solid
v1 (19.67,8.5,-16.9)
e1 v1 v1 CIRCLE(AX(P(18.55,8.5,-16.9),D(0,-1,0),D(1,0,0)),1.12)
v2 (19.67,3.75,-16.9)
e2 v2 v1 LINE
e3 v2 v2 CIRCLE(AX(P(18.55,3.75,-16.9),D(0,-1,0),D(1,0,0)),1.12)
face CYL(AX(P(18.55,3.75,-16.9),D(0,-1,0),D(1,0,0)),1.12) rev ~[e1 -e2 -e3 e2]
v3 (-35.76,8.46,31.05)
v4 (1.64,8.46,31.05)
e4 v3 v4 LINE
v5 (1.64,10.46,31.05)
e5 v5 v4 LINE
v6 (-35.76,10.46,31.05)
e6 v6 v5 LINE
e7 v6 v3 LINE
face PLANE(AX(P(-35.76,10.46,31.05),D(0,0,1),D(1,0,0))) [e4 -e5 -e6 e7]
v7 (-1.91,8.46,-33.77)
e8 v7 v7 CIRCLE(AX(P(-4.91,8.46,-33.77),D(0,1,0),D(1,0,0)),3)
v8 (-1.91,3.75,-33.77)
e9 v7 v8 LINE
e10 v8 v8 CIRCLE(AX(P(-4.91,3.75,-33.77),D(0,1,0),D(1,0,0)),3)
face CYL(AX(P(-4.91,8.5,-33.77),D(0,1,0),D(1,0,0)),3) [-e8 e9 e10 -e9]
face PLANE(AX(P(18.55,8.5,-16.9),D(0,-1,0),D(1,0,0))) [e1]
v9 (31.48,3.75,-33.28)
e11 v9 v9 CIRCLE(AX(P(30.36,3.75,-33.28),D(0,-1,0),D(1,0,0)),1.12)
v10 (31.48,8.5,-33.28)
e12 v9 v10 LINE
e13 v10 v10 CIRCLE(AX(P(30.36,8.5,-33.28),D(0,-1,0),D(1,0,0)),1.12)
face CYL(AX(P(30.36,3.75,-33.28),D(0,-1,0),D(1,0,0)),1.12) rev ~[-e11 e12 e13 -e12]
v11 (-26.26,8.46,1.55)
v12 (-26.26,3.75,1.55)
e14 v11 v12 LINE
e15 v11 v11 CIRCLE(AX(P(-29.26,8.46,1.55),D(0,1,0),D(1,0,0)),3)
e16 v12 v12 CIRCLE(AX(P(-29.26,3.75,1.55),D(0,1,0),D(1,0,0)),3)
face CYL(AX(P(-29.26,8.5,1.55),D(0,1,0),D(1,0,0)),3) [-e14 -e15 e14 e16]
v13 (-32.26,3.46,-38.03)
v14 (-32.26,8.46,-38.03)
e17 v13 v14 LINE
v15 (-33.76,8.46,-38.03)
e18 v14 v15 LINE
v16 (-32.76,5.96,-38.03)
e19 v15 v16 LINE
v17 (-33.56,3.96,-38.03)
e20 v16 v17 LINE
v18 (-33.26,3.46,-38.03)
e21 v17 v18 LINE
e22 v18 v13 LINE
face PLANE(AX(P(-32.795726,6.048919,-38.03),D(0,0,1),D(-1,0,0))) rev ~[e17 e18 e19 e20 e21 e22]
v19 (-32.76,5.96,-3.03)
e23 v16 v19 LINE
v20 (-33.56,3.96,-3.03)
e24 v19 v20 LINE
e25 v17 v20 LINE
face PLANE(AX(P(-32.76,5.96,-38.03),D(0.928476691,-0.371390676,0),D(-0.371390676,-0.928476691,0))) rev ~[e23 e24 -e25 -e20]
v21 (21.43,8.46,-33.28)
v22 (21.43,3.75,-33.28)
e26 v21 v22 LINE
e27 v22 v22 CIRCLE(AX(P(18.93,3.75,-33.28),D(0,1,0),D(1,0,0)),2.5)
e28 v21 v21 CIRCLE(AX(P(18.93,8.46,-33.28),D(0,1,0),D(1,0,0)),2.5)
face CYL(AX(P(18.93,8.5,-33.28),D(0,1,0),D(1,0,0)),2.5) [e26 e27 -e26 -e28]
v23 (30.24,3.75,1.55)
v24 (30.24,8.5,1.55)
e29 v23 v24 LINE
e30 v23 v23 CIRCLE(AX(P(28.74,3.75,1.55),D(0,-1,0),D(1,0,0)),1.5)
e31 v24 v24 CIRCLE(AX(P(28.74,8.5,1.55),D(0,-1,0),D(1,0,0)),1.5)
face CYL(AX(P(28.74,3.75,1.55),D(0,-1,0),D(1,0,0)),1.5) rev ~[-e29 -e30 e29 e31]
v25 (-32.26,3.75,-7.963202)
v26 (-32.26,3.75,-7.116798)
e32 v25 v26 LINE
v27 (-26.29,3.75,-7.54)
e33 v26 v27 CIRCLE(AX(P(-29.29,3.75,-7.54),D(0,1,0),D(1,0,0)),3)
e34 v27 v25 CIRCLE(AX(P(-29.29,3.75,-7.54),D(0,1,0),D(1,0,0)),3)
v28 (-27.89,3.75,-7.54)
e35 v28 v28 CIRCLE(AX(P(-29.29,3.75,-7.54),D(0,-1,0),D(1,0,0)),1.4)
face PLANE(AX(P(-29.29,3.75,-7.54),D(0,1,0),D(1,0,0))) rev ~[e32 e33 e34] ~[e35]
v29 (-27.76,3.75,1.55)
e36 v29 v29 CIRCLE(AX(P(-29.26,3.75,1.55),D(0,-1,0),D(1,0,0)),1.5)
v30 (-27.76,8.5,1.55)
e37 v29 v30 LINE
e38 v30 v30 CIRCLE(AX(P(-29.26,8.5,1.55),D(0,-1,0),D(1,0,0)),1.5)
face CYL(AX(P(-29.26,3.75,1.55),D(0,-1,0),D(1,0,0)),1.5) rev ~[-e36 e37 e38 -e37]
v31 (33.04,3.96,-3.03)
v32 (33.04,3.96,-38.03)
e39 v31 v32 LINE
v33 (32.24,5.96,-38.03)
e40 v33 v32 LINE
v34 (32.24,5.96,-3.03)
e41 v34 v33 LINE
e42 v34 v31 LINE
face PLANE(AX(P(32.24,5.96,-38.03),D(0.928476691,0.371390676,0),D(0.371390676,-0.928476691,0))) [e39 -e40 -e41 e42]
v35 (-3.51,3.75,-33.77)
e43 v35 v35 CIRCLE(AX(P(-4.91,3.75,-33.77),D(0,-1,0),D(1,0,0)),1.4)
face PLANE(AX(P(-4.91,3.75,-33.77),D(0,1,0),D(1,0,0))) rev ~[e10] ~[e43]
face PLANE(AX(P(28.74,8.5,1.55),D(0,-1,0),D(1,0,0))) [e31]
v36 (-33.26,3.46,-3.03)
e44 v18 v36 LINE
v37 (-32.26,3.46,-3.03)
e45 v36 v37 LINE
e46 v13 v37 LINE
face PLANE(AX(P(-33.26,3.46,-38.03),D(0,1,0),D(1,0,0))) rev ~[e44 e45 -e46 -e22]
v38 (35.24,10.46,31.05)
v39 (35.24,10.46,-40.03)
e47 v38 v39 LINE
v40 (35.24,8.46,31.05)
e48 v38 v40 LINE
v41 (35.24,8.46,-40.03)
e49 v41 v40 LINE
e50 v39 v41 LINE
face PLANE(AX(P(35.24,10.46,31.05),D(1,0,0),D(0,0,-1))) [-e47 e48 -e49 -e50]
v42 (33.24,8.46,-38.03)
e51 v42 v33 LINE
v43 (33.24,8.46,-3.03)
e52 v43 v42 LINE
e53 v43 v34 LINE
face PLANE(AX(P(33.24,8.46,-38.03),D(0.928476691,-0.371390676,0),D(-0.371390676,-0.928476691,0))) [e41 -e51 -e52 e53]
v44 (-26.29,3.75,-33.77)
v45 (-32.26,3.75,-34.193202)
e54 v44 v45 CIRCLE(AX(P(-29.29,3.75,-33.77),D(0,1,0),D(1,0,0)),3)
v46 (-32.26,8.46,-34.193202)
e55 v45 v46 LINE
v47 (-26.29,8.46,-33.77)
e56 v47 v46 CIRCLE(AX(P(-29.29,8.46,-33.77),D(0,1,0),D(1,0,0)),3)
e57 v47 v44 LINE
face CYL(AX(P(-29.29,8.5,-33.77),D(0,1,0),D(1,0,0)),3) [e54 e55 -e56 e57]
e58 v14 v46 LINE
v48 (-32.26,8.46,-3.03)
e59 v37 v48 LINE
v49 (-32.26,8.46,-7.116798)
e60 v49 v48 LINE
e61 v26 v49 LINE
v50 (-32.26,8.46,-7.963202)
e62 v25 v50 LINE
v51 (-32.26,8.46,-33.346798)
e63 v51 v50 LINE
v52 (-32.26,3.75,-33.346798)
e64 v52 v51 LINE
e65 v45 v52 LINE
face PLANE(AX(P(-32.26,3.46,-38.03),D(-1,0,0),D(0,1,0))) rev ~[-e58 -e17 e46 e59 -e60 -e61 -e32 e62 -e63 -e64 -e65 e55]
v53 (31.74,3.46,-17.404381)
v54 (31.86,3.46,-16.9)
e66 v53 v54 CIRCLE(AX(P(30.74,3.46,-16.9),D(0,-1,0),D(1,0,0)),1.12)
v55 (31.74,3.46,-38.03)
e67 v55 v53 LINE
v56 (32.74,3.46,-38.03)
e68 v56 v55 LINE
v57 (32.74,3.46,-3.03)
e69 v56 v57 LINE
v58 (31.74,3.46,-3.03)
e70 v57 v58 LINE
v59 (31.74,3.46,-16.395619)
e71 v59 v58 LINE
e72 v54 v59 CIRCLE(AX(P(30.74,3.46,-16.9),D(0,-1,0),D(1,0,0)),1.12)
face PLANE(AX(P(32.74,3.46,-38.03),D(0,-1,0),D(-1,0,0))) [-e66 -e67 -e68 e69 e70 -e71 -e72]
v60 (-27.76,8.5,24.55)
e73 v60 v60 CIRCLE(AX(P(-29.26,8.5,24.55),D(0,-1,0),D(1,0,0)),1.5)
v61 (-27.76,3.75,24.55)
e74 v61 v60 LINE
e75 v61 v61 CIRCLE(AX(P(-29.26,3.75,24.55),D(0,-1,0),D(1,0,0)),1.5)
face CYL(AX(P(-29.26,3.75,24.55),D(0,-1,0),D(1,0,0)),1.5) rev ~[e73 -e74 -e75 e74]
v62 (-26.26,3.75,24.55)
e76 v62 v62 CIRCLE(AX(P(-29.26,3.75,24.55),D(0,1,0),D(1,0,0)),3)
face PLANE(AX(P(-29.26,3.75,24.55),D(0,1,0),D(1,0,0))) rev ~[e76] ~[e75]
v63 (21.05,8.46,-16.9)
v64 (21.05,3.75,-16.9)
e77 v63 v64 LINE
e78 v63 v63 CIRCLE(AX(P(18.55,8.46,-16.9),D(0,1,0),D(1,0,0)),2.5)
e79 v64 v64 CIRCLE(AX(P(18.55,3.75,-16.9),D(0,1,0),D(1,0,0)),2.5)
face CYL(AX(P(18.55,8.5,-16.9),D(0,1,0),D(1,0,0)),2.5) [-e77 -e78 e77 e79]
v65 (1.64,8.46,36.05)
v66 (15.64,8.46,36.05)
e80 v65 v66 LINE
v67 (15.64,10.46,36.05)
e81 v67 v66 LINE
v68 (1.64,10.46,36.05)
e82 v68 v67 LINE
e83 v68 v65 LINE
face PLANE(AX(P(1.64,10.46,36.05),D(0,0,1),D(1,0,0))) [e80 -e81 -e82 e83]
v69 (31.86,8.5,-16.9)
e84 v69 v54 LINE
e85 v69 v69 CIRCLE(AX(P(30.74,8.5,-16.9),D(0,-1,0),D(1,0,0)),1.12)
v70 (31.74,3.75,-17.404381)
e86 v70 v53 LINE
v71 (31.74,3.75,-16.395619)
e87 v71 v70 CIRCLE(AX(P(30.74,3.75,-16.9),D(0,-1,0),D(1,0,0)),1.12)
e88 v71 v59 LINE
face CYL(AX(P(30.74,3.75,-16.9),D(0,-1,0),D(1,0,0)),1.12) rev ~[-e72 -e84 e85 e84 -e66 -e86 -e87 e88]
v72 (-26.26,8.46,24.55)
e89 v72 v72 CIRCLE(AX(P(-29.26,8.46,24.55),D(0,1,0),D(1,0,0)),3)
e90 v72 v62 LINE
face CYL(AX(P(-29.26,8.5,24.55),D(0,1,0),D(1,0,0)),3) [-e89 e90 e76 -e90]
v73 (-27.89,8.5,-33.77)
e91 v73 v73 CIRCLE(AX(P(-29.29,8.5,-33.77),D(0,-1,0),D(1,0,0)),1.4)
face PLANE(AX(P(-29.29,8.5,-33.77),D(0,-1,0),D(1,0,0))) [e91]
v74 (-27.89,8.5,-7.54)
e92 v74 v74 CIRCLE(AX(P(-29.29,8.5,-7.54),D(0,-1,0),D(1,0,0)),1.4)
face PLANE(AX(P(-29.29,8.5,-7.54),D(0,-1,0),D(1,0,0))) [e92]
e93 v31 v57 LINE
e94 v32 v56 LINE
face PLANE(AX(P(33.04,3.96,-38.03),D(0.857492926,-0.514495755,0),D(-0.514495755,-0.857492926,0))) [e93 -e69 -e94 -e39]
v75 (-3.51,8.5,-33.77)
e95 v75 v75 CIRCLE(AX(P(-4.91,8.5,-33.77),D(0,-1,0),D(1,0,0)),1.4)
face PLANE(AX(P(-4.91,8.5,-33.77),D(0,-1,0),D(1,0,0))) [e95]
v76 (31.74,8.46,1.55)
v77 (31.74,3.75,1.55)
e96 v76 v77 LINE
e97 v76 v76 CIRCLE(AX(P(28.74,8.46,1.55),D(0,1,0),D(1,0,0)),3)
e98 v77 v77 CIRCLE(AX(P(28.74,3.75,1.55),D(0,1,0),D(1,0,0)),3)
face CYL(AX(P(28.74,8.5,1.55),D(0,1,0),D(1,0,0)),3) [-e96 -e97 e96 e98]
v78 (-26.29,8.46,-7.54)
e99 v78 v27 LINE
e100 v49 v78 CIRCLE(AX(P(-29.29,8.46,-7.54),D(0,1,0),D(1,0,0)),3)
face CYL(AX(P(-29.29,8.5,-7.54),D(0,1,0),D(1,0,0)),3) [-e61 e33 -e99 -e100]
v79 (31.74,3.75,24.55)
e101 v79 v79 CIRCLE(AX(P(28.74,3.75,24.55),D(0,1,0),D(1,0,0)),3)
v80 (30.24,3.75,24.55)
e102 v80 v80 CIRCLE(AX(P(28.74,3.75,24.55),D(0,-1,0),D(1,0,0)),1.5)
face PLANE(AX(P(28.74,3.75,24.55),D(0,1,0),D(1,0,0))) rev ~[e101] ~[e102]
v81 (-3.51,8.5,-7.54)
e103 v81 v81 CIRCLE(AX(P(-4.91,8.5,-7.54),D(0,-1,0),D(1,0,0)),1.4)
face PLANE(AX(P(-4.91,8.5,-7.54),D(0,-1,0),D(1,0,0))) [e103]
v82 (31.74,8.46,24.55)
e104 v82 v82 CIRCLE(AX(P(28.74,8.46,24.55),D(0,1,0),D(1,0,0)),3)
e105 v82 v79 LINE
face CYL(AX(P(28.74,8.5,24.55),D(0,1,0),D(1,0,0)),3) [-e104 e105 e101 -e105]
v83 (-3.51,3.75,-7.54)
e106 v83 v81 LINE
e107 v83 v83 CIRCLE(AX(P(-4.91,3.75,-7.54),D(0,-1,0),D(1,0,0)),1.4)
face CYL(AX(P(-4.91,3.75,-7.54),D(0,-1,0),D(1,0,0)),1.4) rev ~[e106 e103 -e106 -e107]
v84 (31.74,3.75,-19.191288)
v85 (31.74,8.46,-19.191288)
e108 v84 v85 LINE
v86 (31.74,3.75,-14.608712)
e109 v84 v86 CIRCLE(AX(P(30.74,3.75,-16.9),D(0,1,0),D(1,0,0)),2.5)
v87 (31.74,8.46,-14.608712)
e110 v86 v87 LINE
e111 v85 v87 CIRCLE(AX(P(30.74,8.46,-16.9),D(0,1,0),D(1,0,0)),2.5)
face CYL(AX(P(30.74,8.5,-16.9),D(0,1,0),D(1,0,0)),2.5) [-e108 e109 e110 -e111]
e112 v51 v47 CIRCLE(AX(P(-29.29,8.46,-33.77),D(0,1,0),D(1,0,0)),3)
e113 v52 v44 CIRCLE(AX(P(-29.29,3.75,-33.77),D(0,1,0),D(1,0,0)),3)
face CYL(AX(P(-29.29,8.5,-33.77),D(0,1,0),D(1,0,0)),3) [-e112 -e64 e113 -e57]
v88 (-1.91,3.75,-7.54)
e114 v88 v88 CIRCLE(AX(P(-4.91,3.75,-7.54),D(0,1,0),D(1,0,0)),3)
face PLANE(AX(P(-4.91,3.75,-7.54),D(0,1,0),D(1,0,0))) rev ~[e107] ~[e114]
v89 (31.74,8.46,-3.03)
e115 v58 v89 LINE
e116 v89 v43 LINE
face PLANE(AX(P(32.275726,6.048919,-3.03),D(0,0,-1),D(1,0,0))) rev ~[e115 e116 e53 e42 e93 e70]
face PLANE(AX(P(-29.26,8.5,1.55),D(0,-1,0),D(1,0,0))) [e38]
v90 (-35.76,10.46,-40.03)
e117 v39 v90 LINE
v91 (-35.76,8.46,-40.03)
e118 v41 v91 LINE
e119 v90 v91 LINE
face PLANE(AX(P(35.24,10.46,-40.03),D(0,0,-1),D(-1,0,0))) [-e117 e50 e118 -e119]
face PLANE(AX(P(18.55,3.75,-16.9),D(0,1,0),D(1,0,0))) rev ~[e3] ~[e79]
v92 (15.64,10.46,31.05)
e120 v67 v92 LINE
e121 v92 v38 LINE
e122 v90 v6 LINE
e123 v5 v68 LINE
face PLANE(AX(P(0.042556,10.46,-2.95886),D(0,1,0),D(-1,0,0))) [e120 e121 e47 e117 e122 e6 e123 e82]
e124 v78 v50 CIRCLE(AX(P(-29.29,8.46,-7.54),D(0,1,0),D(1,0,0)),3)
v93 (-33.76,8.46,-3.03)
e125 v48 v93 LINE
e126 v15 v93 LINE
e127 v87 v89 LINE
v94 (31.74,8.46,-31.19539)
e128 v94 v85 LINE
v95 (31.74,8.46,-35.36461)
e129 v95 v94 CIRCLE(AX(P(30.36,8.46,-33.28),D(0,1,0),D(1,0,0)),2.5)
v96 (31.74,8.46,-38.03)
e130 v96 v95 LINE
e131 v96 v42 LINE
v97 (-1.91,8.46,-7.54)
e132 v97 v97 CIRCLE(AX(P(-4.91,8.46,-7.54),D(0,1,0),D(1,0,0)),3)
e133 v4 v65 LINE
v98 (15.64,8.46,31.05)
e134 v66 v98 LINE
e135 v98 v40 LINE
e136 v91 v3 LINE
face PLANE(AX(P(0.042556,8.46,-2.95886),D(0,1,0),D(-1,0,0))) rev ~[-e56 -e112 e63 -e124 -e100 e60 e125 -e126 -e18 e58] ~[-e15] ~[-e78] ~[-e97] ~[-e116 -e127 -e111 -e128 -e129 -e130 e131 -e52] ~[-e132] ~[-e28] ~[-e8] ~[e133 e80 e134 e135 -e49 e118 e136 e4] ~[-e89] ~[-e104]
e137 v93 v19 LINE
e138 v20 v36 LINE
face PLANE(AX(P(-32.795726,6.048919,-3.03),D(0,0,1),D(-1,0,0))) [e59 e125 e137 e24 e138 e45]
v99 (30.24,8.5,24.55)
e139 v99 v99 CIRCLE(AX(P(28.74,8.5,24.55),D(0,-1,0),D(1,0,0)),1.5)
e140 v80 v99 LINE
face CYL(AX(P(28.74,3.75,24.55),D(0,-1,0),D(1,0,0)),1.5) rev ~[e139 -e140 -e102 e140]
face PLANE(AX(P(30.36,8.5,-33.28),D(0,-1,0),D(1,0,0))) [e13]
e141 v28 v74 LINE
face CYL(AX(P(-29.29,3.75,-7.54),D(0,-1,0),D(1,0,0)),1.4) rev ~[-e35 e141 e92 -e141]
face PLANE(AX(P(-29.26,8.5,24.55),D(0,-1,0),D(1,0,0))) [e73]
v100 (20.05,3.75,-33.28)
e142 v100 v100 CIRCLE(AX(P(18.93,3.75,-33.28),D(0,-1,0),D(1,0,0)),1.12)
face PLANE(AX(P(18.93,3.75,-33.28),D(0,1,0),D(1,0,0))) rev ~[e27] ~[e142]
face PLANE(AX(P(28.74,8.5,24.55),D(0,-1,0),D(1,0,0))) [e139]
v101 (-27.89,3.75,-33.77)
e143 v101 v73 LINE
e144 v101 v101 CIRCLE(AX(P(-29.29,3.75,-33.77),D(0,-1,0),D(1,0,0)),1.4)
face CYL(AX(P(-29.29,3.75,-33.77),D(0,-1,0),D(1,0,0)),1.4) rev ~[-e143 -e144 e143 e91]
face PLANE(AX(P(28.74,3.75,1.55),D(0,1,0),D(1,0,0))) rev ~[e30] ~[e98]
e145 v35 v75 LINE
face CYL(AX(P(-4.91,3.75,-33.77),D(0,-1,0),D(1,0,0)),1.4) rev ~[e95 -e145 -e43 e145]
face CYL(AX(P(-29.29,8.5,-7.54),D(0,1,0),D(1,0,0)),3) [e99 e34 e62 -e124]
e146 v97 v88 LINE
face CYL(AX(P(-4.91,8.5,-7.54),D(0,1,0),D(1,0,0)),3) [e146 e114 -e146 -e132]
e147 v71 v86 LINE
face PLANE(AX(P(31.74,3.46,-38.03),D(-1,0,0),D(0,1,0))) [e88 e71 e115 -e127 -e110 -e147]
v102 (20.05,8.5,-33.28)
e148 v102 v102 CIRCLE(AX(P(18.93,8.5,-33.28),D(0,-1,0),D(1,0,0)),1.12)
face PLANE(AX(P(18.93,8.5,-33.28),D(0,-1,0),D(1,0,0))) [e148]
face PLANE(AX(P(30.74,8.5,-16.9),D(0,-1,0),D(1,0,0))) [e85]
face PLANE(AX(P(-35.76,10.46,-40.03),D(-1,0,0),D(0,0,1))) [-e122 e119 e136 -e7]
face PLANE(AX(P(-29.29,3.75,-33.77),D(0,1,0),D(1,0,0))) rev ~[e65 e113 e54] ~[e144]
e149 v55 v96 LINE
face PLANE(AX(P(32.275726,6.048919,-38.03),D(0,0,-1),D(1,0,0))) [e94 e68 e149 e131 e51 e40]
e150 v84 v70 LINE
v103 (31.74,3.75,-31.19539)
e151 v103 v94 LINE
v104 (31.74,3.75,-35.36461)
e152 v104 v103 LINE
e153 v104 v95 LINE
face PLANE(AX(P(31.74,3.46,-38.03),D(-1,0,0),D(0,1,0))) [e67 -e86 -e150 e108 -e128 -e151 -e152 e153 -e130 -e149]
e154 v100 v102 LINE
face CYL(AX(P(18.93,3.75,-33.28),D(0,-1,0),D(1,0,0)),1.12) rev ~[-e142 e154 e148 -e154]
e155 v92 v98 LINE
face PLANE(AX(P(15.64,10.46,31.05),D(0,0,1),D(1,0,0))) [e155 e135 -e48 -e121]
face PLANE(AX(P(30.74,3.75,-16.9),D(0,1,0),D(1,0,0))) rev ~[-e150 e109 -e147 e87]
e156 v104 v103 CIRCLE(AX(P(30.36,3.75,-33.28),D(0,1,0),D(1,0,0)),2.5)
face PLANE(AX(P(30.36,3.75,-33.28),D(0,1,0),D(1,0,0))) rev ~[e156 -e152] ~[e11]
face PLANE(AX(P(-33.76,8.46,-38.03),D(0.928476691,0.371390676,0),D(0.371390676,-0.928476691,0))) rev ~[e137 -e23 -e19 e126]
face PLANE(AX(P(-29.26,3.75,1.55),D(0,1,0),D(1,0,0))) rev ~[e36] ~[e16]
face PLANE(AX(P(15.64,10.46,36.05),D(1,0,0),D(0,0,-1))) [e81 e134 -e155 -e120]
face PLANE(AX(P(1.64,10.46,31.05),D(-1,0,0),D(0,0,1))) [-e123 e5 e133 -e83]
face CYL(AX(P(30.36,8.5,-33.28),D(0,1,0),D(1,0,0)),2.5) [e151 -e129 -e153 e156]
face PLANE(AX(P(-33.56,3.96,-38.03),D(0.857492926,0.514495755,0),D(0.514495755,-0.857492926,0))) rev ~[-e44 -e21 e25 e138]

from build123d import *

# Parameters (mm, degrees)
PAD003_DEPTH    = 2
SKETCH009_R     = 3
SKETCH009_R_2   = 2.5
PAD004_DEPTH    = 4.75
SKETCH010_R     = 1.5
SKETCH010_R_2   = 1.4
SKETCH010_R_3   = 1.12
POCKET001_DEPTH = 4.75
PAD006_DEPTH    = 35
SKETCH017_R     = 1.12
POCKET007_DEPTH = 4.75
POCKET008_DEPTH = 35


with BuildPart() as part:
    # Sketch007 (on Origin) → Pad003 (new body)
    with BuildSketch(Plane.XZ.offset(-10.46)):
        Polygon((-35.76, 31.05), (1.64, 31.05), (1.64, 36.05), (15.64, 36.05), (15.64, 31.05), (35.24, 31.05), (35.24, -40.03), (-35.76, -40.03), align=None)
    extrude(amount=PAD003_DEPTH)

    # Sketch009 → Pad004 (join)
    with BuildSketch(Plane(origin=(0, 8.5, 0), x_dir=(1, 0, 0), z_dir=(0, 1, 0))):
        with Locations((-4.91, 33.77)):
            Circle(SKETCH009_R)
        with Locations((-29.29, 33.77)):
            Circle(SKETCH009_R)
        with Locations((-29.29, 7.54)):
            Circle(SKETCH009_R)
        with Locations((-4.91, 7.54)):
            Circle(SKETCH009_R)
        with Locations((30.36, 33.28)):
            Circle(SKETCH009_R_2)
        with Locations((18.93, 33.28)):
            Circle(SKETCH009_R_2)
        with Locations((18.55, 16.9)):
            Circle(SKETCH009_R_2)
        with Locations((30.74, 16.9)):
            Circle(SKETCH009_R_2)
        with Locations((28.74, -24.55)):
            Circle(SKETCH009_R)
        with Locations((-29.26, -24.55)):
            Circle(SKETCH009_R)
        with Locations((-29.26, -1.55)):
            Circle(SKETCH009_R)
        with Locations((28.74, -1.55)):
            Circle(SKETCH009_R)
    extrude(amount=-PAD004_DEPTH)

    # Sketch010 (on Face33 of Pad004) → Pocket001 (cut)
    with BuildSketch(Plane.XZ.offset(-3.75)):
        with Locations((-29.26, 24.55)):
            Circle(SKETCH010_R)
        with Locations((-29.26, 1.55)):
            Circle(SKETCH010_R)
        with Locations((28.74, 1.55)):
            Circle(SKETCH010_R)
        with Locations((28.74, 24.55)):
            Circle(SKETCH010_R)
        with Locations((-29.29, -7.54)):
            Circle(SKETCH010_R_2)
        with Locations((-4.91, -7.54)):
            Circle(SKETCH010_R_2)
        with Locations((-4.91, -33.77)):
            Circle(SKETCH010_R_2)
        with Locations((-29.29, -33.77)):
            Circle(SKETCH010_R_2)
        with Locations((18.55, -16.9)):
            Circle(SKETCH010_R_3)
        with Locations((30.74, -16.9)):
            Circle(SKETCH010_R_3)
        with Locations((30.36, -33.28)):
            Circle(SKETCH010_R_3)
        with Locations((18.93, -33.28)):
            Circle(SKETCH010_R_3)
    extrude(amount=-POCKET001_DEPTH, mode=Mode.SUBTRACT)

    # Sketch016 (on DatumPlane) → Pad006 (join)
    with BuildSketch(Plane(origin=(0, 10.46, -38.03), x_dir=(1, 0, 0), z_dir=(0, 0, -1))):
        Polygon((-33.76, 2), (-32.76, 4.5), (-33.56, 6.5), (-33.26, 7), (-32.26, 7), (-32.26, 2), align=None)
        Polygon((33.24, 2), (32.24, 4.5), (33.04, 6.5), (32.74, 7), (31.74, 7), (31.74, 2), align=None)
    extrude(amount=-PAD006_DEPTH)

    # Sketch017 (on Face46 of Pad006) → Pocket007 (cut, symmetric)
    with BuildSketch(Plane.XZ.offset(-3.75)):
        with Locations((30.74, -16.9)):
            Circle(SKETCH017_R)
    extrude(amount=POCKET007_DEPTH, both=True, mode=Mode.SUBTRACT)

    # Sketch018 (on Face32 of Pocket007) → Pocket008 (cut)
    with BuildSketch(Plane(origin=(0, 10.46, -38.03), x_dir=(1, 0, 0), z_dir=(0, 0, -1))):
        Polygon((35.24, 2), (33.24, 2), (32.24, 4.5), (33.04, 6.5), (32.74, 7), (35.24, 7), align=None)
    extrude(amount=-POCKET008_DEPTH, mode=Mode.SUBTRACT)


solid = part.part
